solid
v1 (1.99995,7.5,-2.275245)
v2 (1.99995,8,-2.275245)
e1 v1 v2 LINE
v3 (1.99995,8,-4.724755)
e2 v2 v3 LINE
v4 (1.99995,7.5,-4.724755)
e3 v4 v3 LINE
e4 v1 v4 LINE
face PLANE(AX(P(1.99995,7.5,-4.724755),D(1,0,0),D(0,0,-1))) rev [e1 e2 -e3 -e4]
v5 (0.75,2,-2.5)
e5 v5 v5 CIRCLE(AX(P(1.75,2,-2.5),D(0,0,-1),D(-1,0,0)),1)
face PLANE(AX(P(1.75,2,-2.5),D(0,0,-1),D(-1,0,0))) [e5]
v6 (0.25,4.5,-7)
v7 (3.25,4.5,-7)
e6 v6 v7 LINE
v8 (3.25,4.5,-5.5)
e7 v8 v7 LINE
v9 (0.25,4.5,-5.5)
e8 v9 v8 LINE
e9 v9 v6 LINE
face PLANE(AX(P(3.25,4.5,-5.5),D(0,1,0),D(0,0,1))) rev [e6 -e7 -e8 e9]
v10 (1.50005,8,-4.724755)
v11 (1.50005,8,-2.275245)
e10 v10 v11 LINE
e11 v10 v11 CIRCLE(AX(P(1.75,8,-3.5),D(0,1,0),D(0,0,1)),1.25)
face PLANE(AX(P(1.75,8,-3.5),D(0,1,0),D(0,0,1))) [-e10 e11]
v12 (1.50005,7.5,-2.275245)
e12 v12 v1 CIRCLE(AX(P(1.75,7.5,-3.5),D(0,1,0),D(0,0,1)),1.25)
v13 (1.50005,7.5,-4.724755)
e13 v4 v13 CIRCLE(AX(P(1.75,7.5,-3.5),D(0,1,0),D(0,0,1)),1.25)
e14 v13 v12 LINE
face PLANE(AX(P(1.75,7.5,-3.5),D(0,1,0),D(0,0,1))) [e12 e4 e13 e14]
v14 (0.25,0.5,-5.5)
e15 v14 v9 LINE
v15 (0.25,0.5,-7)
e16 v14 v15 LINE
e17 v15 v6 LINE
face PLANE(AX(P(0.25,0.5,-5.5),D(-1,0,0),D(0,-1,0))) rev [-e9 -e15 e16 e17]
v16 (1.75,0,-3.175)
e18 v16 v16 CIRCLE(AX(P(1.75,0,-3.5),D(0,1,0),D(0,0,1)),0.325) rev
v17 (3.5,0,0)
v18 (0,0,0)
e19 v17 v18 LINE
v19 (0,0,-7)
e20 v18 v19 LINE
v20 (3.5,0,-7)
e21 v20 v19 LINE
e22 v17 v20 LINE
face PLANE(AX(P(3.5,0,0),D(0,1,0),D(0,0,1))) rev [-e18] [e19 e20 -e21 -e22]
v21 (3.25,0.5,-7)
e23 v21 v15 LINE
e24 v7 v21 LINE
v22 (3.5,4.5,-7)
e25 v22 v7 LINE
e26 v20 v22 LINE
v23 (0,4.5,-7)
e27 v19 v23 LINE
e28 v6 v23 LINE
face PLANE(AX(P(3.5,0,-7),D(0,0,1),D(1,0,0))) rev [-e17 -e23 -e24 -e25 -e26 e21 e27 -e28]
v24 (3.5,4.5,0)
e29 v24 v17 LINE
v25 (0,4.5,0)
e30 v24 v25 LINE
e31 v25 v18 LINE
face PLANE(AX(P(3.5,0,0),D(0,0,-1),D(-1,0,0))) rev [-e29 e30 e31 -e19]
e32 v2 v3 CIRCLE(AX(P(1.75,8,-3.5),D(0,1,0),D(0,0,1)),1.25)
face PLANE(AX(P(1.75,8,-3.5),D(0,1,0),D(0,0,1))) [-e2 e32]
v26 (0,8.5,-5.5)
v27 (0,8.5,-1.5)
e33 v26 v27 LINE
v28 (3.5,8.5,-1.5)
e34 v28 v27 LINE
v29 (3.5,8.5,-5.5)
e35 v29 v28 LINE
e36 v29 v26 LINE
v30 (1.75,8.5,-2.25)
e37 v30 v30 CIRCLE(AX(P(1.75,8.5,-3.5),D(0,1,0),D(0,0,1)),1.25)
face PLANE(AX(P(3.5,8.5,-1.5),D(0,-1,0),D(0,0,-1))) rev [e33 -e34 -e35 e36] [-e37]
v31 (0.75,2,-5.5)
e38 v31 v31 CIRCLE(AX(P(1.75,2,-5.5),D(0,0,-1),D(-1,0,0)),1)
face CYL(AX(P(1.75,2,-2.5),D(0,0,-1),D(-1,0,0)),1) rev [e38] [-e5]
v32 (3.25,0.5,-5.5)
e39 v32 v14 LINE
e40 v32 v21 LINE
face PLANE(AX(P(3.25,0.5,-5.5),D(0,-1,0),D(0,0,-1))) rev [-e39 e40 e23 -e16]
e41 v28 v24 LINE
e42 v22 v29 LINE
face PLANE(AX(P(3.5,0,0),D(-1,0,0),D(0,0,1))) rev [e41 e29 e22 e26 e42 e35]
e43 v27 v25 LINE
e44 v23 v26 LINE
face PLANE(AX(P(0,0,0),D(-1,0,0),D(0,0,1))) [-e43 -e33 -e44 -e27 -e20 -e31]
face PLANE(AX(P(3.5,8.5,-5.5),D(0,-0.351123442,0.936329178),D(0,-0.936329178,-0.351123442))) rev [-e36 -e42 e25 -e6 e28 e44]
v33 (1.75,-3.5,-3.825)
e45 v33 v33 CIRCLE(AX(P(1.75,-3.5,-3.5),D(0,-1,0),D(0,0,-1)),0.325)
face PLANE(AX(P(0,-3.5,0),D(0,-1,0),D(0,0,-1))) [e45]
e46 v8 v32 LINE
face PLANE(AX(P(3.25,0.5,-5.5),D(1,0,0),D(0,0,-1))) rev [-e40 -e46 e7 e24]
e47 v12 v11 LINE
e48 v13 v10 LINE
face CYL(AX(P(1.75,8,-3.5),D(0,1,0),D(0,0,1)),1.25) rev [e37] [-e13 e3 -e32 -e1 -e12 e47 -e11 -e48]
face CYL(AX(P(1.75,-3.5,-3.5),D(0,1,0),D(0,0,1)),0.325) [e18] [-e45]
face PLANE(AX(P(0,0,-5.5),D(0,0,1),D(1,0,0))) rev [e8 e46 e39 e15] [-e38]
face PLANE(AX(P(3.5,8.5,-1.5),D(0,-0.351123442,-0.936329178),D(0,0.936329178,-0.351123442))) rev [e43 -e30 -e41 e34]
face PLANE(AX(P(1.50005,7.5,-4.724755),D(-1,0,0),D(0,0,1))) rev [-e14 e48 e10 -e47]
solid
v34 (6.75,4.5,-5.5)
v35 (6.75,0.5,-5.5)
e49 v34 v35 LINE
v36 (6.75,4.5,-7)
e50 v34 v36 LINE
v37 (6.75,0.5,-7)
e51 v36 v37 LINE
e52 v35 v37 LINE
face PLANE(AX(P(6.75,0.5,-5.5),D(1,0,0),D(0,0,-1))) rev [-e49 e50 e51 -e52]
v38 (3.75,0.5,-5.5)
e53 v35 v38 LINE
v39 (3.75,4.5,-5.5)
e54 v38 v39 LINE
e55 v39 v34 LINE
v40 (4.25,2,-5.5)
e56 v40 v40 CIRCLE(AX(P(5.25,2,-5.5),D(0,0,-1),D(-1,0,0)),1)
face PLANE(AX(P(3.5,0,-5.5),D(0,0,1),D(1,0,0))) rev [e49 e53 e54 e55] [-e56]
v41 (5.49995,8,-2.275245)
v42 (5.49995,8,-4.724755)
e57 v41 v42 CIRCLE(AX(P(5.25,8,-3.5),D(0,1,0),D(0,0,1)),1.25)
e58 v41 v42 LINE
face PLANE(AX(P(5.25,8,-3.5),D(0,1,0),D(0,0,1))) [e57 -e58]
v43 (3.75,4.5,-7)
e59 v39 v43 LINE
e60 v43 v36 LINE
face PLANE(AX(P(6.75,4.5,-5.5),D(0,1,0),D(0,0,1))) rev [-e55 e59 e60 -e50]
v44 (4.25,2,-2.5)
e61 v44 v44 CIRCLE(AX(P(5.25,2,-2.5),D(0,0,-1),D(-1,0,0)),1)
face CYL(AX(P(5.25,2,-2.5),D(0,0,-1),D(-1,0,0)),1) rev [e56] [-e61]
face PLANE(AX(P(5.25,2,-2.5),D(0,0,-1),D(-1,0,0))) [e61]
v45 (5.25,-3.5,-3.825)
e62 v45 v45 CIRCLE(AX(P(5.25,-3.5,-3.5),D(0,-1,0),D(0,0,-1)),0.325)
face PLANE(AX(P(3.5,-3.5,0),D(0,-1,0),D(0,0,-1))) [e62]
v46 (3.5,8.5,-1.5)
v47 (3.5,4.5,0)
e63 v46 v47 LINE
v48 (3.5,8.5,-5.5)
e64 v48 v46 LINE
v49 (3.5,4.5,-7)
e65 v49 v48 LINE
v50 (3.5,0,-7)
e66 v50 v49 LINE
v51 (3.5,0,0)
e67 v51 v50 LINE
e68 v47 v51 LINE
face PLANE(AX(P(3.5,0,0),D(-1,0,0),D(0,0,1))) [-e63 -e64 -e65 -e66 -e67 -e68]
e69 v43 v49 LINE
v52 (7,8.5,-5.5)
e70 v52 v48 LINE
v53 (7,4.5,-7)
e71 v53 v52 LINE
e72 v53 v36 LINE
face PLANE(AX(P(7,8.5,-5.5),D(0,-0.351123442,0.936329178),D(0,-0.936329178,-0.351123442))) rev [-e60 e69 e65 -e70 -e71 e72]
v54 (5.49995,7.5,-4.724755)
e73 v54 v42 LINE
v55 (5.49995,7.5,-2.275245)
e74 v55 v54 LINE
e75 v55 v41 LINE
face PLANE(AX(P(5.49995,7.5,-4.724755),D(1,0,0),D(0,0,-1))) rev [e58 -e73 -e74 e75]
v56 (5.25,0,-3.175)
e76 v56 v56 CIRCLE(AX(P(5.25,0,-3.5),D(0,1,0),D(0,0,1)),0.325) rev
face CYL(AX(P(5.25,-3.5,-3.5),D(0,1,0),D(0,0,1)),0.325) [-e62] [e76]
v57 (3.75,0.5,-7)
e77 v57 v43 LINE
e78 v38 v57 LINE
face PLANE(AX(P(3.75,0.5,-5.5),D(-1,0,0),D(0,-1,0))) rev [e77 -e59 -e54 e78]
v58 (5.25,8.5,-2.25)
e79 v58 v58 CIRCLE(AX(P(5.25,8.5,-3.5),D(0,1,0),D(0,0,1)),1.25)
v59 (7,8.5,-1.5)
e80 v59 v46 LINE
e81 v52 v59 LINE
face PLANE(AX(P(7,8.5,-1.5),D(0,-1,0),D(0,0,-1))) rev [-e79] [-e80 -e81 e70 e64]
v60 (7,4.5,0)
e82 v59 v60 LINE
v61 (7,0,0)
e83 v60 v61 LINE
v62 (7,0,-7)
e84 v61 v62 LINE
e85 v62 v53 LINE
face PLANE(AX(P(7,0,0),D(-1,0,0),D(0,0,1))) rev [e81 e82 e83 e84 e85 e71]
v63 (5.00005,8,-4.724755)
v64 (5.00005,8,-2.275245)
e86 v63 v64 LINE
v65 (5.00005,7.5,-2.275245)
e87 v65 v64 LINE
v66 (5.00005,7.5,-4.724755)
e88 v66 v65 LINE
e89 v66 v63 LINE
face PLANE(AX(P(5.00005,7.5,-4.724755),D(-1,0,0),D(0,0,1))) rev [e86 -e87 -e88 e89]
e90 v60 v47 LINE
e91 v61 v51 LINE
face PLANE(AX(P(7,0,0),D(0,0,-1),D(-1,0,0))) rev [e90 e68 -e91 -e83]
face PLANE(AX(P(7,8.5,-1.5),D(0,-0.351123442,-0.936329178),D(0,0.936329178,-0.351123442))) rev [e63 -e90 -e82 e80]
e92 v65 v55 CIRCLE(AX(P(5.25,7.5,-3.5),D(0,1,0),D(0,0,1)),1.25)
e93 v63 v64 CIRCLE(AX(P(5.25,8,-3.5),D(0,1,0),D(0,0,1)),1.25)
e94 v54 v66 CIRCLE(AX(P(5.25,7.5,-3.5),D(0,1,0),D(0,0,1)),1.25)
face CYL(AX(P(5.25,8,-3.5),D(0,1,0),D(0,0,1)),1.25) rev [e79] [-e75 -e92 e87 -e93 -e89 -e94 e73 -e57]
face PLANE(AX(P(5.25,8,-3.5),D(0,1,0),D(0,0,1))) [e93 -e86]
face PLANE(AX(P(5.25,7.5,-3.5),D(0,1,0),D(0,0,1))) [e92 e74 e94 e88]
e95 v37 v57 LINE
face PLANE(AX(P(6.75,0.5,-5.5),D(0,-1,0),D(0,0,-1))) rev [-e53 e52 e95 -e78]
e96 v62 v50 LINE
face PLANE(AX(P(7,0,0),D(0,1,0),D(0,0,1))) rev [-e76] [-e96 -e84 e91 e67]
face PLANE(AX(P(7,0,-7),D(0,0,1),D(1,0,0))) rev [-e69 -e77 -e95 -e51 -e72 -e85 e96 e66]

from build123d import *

# Parameters (mm, degrees)
EXTRUDE_1_DEPTH     = 3.5
SKETCH_3_W          = 3
SKETCH_3_H          = 4
CUT_EXTRUDE_1_DEPTH = 1.5
SKETCH_4_R          = 1.25
CUT_EXTRUDE_2_DEPTH = 0.5
CUT_EXTRUDE_3_DEPTH = 0.5
SKETCH_7_R          = 1
CUT_EXTRUDE_4_DEPTH = 3
SKETCH1_R           = 0.325
BOSS_EXTRUDE1_DEPTH = 3.5
LPATTERN1_COUNT     = 2
LPATTERN1_PITCH     = 3.5


with BuildPart() as part:
    # 스케치1 → 보스-돌출1 (new body)
    with BuildSketch(Plane(origin=(0, 0, 0), x_dir=(0, 0, -1), z_dir=(1, 0, 0))):
        Polygon((0, 0), (7, 0), (7, 4.5), (5.5, 8.5), (1.5, 8.5), (0, 4.5), align=None)
    extrude(amount=EXTRUDE_1_DEPTH)

    # 스케치3 → 컷-돌출1 (cut)
    with BuildSketch(Plane(origin=(0, 0, -7), x_dir=(-1, 0, 0), z_dir=(0, 0, -1))):
        with Locations((-1.75, 2.5)):
            Rectangle(SKETCH_3_W, SKETCH_3_H)
    extrude(amount=-CUT_EXTRUDE_1_DEPTH, mode=Mode.SUBTRACT)

    # 스케치4 → 컷-돌출2 (cut)
    with BuildSketch(Plane(origin=(0, 8.5, 0), x_dir=(1, 0, 0), z_dir=(0, 1, 0))):
        with Locations((1.75, 3.5)):
            Circle(SKETCH_4_R)
    extrude(amount=-CUT_EXTRUDE_2_DEPTH, mode=Mode.SUBTRACT)

    # 스케치5 → 컷-돌출3 (cut)
    with BuildSketch(Plane(origin=(0, 8, 0), x_dir=(1, 0, 0), z_dir=(0, 1, 0))):
        with BuildLine():
            Line((1.500050042, 4.724755085), (1.500050042, 2.275244915))
            ThreePointArc((1.500050042, 2.275244915), (1.75, 2.25), (1.999949958, 2.275244915))
            Line((1.999949958, 2.275244915), (1.999949958, 4.724755085))
            ThreePointArc((1.999949958, 4.724755085), (1.75, 4.75), (1.500050042, 4.724755085))
        make_face()
    extrude(amount=-CUT_EXTRUDE_3_DEPTH, mode=Mode.SUBTRACT)

    # 스케치7 → 컷-돌출4 (cut)
    with BuildSketch(Plane(origin=(0, 0, -5.5), x_dir=(-1, 0, 0), z_dir=(0, 0, -1))):
        with Locations((-1.75, 2)):
            Circle(SKETCH_7_R)
    extrude(amount=-CUT_EXTRUDE_4_DEPTH, mode=Mode.SUBTRACT)

    # Sketch1 → Boss-Extrude1 (add)
    with BuildSketch(Plane.XZ):
        with Locations((1.75, -3.5)):
            Circle(SKETCH1_R)
    extrude(amount=BOSS_EXTRUDE1_DEPTH)


with BuildPart() as lpattern1_1:
    # LPattern1: pattern copy
    add(part.part.moved(Location(Vector(1, 0, 0) * (1 * LPATTERN1_PITCH))))


solid = Compound([part.part, lpattern1_1.part])
